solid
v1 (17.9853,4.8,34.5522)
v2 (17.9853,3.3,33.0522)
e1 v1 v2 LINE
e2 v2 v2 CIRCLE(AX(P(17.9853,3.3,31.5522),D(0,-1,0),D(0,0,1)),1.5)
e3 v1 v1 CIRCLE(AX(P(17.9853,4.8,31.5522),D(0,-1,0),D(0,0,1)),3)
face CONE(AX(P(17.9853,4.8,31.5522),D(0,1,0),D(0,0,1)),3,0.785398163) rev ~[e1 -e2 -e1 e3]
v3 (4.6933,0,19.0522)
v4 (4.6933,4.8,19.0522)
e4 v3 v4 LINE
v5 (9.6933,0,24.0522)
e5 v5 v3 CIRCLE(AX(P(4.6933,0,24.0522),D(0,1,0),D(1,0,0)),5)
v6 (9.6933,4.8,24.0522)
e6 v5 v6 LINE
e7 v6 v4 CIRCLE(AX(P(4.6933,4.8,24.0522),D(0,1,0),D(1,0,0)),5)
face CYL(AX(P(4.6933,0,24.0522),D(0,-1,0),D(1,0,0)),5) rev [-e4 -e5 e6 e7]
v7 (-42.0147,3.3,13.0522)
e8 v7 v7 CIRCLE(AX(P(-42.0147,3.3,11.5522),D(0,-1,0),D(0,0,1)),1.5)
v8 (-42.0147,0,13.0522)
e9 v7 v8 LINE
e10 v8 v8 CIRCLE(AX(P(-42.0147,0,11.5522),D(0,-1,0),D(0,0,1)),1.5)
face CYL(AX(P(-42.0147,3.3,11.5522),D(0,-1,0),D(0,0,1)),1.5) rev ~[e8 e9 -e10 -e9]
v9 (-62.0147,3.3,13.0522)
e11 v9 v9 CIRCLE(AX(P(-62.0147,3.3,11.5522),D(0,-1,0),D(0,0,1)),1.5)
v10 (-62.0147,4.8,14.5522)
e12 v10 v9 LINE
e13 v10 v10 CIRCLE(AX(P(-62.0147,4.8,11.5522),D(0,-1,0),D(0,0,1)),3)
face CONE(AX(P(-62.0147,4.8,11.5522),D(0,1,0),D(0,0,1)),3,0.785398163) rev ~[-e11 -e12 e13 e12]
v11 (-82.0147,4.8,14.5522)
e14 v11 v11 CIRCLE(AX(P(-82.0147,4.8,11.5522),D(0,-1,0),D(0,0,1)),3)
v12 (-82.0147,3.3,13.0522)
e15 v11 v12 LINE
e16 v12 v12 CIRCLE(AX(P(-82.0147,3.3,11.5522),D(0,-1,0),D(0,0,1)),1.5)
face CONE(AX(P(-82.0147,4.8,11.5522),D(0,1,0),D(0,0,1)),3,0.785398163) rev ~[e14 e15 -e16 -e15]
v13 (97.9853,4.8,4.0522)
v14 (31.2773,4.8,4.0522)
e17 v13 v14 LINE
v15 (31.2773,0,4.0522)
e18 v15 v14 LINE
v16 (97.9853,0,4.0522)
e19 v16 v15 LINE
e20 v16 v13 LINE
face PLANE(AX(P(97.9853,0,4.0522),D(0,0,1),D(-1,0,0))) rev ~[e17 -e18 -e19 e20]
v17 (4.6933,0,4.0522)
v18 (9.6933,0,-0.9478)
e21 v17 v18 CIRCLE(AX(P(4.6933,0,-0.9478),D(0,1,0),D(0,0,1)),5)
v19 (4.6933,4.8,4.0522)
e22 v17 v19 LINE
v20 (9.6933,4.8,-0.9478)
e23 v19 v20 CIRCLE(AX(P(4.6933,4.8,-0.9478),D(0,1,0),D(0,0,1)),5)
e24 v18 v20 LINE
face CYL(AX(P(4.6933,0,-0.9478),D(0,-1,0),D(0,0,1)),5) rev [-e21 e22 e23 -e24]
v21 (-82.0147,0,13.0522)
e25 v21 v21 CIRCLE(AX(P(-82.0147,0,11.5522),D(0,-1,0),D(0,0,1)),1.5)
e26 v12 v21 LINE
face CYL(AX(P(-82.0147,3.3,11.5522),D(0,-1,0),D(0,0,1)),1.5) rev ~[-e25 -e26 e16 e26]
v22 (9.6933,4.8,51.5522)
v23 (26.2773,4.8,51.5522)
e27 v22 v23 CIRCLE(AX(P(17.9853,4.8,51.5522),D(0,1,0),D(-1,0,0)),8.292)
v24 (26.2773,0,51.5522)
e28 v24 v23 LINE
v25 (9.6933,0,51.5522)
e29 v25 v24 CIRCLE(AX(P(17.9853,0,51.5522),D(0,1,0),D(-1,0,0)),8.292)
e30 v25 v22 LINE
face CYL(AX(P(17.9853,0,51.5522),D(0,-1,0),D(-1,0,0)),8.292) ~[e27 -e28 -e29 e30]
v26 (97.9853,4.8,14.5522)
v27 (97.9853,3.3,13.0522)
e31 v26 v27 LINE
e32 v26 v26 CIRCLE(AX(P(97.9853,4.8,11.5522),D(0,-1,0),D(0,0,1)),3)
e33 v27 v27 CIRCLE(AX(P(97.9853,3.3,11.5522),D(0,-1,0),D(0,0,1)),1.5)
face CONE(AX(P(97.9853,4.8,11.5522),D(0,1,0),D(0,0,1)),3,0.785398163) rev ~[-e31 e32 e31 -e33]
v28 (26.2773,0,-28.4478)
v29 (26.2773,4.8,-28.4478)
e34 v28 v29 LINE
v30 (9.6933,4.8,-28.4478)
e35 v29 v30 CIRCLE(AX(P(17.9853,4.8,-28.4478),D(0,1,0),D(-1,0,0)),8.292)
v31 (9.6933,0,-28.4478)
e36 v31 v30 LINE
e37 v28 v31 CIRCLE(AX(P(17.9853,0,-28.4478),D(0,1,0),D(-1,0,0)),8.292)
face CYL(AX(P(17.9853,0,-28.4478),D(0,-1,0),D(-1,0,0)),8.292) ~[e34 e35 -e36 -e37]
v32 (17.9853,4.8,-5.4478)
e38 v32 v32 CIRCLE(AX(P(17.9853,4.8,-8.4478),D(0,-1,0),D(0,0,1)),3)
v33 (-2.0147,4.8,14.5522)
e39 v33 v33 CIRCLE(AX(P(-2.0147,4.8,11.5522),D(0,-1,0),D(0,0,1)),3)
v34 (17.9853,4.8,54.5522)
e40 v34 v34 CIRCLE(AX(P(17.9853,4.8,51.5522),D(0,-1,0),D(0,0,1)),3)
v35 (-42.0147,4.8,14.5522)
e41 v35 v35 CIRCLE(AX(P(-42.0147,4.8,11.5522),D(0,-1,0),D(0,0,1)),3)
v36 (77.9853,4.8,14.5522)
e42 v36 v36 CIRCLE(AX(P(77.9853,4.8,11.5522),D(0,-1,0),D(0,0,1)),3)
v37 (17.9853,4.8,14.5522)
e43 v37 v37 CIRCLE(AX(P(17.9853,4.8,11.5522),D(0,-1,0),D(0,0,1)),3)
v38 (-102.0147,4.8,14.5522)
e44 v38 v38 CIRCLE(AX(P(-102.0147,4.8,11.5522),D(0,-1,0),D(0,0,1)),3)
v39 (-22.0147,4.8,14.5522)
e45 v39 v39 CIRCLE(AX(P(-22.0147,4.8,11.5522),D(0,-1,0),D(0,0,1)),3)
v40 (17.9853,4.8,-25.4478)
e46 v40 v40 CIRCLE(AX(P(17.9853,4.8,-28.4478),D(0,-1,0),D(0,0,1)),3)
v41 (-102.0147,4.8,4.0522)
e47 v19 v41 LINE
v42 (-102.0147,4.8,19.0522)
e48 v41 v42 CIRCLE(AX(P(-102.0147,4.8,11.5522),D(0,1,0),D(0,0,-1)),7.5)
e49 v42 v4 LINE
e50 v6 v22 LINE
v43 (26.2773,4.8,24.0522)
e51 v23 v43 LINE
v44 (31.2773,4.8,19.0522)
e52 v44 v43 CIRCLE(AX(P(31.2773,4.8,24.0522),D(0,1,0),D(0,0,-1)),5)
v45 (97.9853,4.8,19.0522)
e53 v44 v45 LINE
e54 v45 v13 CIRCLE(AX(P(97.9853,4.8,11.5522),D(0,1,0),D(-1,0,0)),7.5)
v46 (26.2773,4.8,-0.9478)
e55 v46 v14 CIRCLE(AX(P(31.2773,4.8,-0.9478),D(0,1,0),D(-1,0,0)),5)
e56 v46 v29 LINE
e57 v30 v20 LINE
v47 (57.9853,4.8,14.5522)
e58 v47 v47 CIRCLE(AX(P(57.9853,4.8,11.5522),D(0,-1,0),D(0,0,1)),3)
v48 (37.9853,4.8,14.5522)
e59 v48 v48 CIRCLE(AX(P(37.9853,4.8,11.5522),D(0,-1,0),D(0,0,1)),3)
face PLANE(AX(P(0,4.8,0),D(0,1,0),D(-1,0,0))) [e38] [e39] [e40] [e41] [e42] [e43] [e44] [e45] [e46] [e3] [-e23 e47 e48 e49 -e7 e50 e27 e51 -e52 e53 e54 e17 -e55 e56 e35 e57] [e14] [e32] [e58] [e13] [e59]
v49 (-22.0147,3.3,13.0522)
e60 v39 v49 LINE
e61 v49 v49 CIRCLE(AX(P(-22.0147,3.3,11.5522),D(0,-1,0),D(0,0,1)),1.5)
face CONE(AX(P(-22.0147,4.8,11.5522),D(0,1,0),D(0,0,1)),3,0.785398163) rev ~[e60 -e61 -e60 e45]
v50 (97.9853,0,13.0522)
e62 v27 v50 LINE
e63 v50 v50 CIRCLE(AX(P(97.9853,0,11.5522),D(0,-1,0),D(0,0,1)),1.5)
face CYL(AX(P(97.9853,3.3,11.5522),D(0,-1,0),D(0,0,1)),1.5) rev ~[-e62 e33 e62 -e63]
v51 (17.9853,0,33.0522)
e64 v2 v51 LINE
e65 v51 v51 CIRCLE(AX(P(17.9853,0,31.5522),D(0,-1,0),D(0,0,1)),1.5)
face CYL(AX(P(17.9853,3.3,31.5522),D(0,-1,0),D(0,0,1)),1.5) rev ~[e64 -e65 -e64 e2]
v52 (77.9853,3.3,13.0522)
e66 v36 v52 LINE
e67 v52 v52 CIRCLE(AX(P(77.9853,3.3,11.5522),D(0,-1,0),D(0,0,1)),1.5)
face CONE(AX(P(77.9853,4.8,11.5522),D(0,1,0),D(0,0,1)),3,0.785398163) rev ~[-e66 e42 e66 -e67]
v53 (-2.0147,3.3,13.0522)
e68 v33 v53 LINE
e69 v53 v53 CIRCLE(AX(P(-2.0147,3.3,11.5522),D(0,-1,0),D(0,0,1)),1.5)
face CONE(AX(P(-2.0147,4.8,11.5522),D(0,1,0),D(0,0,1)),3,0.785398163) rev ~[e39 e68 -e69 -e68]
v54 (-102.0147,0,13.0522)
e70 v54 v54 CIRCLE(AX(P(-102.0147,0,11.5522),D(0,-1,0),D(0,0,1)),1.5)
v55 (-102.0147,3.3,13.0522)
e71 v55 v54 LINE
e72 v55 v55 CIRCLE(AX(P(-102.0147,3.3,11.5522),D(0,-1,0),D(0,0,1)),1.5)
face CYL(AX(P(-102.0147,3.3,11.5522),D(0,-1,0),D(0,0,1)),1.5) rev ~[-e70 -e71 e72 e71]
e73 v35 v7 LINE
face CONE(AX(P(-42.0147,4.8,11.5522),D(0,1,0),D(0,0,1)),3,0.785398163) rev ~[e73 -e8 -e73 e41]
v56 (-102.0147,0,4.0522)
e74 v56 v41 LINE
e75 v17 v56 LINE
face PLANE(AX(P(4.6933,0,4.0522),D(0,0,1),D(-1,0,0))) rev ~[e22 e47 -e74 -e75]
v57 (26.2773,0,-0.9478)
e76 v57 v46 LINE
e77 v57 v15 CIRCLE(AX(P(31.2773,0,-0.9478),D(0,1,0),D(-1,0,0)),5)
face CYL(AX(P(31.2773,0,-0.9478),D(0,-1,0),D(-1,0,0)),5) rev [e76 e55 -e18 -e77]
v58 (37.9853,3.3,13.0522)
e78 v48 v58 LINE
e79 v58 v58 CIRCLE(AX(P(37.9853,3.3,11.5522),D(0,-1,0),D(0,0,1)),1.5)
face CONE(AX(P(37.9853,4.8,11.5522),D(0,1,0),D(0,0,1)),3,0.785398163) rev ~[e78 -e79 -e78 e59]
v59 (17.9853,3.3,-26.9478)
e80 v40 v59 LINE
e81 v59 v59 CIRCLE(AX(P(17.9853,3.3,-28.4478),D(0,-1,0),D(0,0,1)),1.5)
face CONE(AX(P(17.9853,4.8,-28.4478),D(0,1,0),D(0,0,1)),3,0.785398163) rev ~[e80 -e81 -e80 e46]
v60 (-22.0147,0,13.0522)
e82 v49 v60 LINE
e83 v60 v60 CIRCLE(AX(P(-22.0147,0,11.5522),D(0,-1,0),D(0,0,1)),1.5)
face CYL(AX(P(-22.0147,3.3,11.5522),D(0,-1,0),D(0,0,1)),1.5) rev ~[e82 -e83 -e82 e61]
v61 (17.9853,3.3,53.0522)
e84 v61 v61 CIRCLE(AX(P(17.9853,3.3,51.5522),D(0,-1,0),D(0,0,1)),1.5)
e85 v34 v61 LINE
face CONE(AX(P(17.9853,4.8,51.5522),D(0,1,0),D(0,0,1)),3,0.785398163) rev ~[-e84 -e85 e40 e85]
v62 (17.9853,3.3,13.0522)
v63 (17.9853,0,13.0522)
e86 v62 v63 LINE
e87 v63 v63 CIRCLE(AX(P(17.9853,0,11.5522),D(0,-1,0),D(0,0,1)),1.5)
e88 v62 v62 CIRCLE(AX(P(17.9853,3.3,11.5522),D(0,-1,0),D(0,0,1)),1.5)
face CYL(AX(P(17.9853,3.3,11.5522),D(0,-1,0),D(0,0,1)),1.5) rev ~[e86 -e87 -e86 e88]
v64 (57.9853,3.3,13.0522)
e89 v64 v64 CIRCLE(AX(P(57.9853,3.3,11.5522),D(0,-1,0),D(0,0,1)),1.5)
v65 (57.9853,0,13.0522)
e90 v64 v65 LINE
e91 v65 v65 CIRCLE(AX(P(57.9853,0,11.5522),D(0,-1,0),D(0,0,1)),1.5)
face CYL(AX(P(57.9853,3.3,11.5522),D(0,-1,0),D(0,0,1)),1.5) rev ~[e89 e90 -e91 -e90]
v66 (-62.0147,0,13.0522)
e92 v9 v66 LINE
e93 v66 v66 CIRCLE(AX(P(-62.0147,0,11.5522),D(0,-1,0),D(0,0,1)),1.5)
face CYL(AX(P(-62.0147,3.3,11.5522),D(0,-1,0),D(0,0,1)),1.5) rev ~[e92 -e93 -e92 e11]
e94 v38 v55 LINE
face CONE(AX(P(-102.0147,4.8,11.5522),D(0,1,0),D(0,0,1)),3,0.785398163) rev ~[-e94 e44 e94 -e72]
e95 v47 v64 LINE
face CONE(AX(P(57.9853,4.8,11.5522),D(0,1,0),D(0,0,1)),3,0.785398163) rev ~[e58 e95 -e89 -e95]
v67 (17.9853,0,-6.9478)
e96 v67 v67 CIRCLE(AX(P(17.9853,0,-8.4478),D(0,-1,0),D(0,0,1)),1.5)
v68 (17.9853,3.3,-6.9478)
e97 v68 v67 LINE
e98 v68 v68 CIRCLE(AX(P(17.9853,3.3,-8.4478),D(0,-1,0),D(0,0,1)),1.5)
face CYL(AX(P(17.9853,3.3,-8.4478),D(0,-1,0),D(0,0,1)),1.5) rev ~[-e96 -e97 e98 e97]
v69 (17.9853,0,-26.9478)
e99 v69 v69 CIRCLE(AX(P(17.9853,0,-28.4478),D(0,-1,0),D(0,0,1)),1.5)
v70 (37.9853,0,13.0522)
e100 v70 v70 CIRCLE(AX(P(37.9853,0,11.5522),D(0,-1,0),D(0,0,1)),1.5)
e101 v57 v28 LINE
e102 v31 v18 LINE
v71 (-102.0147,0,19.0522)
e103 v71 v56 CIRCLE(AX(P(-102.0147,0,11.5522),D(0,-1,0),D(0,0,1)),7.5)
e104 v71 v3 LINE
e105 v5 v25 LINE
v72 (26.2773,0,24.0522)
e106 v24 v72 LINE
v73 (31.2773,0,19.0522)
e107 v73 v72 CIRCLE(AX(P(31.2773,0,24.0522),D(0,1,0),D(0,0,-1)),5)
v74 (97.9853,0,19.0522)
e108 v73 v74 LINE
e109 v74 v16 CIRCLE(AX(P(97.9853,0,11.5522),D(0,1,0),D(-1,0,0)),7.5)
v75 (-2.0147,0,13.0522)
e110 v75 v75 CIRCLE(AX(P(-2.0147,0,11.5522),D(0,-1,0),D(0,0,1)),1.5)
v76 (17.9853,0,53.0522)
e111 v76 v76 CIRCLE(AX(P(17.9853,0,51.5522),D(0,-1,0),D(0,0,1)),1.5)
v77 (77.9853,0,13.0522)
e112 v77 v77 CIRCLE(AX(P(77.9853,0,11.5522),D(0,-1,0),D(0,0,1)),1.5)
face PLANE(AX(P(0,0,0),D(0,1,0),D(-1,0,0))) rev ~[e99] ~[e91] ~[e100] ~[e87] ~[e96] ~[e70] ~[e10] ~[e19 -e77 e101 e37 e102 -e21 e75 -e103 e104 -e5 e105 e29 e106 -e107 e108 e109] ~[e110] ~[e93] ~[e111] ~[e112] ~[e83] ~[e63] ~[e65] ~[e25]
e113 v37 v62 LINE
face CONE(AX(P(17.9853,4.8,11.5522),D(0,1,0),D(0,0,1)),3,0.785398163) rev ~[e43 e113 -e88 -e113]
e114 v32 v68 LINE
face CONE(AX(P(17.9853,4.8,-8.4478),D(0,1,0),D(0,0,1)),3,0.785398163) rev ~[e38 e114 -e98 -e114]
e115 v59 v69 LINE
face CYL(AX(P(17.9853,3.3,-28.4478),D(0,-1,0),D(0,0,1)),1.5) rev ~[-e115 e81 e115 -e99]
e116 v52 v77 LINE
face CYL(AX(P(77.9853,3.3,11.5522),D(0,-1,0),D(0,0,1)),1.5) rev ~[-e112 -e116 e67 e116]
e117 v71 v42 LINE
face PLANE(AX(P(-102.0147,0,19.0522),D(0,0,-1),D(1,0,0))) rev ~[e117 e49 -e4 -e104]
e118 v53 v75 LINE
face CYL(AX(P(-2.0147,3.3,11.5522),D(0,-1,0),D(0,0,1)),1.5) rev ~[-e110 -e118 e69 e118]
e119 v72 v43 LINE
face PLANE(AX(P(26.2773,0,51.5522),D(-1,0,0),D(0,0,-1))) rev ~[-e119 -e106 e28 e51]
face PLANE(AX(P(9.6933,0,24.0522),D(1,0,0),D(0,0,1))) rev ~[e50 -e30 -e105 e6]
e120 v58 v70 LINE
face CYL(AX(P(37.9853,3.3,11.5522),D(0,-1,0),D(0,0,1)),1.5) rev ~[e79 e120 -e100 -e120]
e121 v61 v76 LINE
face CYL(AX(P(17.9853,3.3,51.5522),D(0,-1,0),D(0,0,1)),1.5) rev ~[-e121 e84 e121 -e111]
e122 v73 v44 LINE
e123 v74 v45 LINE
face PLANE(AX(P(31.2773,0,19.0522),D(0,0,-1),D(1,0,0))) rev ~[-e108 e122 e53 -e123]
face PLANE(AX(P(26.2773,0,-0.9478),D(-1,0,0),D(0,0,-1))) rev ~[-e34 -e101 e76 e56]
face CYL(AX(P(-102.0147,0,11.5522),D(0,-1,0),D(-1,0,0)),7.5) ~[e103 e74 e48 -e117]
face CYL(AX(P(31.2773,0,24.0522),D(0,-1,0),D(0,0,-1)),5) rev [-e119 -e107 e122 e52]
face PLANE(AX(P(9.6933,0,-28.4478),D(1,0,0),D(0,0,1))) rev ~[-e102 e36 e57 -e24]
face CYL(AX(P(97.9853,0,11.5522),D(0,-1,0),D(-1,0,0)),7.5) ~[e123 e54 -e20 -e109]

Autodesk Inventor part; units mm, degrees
ref_plane "YZ Plane" through (0, 0, 0) normal (1, 0, 0) x (0, 1, 0)
ref_plane "XZ Plane" through (0, 0, 0) normal (0, 1, 0) x (-1, 0, 0)
ref_plane "XY Plane" through (0, 0, 0) normal (0, 0, 1) x (1, 0, 0)
sketch "Sketch1" plane through (0, 0, 0) normal (0, 1, 0) x (-1, 0, 0)
  circle A0 centre (-17.9853, 31.5522) radius 1.6
  circle A1 centre (22.0147, 11.5522) radius 1.6
  circle A2 centre (62.0147, 11.5522) radius 1.6
  circle A3 centre (102.0147, 11.5522) radius 1.6
  circle A4 centre (-17.9853, -8.4478) radius 1.6
  circle A5 centre (2.0147, 11.5522) radius 1.6
  circle A6 centre (-57.9853, 11.5522) radius 1.6
  circle A7 centre (-97.9853, 11.5522) radius 1.6
  circle A8 centre (-77.9853, 11.5522) radius 1.6
  circle A9 centre (-37.9853, 11.5522) radius 1.6
  circle A10 centre (-17.9853, -28.4478) radius 1.6
  circle A11 centre (-17.9853, 11.5522) radius 1.6
  circle A12 centre (-17.9853, 51.5522) radius 1.6
  circle A13 centre (82.0147, 11.5522) radius 1.6
  circle A14 centre (42.0147, 11.5522) radius 1.6
  line L0 (-9.6933, -37.4479) -> (-9.6933, -0.9478)
  arc A15 (-4.6933, 4.0522) -> (-9.6933, -0.9478) centre (-4.6933, -0.9478) ccw
  line L1 (-4.6933, 4.0522) -> (108.2535, 4.0522)
  line L2 (-26.2773, 59.9411) -> (-26.2773, 24.0522)
  arc A16 (-31.2773, 19.0522) -> (-26.2773, 24.0522) centre (-31.2773, 24.0522) ccw
  line L3 (-31.2773, 19.0522) -> (-110.8172, 19.0522)
  line L4 (-110.8172, 4.0522) -> (-31.2773, 4.0522)
  arc A17 (-26.2773, -0.9478) -> (-31.2773, 4.0522) centre (-31.2773, -0.9478) ccw
  line L5 (-26.2773, -0.9478) -> (-26.2773, -36.8367)
  line L6 (108.2535, 19.0522) -> (-4.6933, 19.0522)
  arc A18 (-9.6933, 24.0522) -> (-4.6933, 19.0522) centre (-4.6933, 24.0522) ccw
  line L7 (-9.6933, 24.0522) -> (-9.6933, 60.5523)
  circle A19 centre (-17.9853, 51.5522) radius 8.292
  circle A20 centre (-17.9853, -28.4478) radius 8.292
  circle A21 centre (102.0147, 11.5522) radius 7.5
  circle A22 centre (-97.9853, 11.5522) radius 7.5
  circle A23 centre (102.0147, 11.5522) radius 0.75
  circle A24 centre (82.0147, 11.5522) radius 0.75
  circle A25 centre (62.0147, 11.5522) radius 0.75
  circle A26 centre (42.0147, 11.5522) radius 0.75
  circle A27 centre (22.0147, 11.5522) radius 0.75
  circle A28 centre (2.0147, 11.5522) radius 0.75
  circle A29 centre (-17.9853, 11.5522) radius 0.75
  circle A30 centre (-37.9853, 11.5522) radius 0.75
  circle A31 centre (-57.9853, 11.5522) radius 0.75
  circle A32 centre (-77.9853, 11.5522) radius 0.75
  circle A33 centre (-97.9853, 11.5522) radius 0.75
  circle A34 centre (-17.9853, 51.5522) radius 0.75
  circle A35 centre (-17.9853, 31.5522) radius 0.75
  circle A36 centre (-17.9853, -8.4478) radius 0.75
  circle A37 centre (-17.9853, -28.4478) radius 0.75
  point P0 (0, 0)
  point P1 (-0.7536, 11.5522)
  point P2 (102.0147, 4.0522)
  point P3 (102.0147, 19.0522)
  point P4 (-9.6933, 51.5522)
  point P5 (-26.2773, 51.5522)
  point P6 (-97.9853, 19.0522)
  point P7 (-97.9853, 4.0522)
  point P8 (-26.2773, -28.4478)
  point P9 (-9.6933, -28.4478)
  dimension "d0" = 1.5
  dimension "d3" = 20
  dimension "d8" = 1.5
  dimension "d9" = 1.5
  dimension "d10" = 1.5
  dimension "d11" = 1.5
extrude "Extrusion1" add sketch "Sketch1" along normal blind 4.8 contours A0 | A1 | A2 | A3 | A4 | A5 | A6 | A7 | A8 | A9 | A10 | A11 | A12 | A13 | A14 | A20 L5 A17 L4 A22 L3 A16 L2 A19 L7 A18 L6 A21 L1 A15 L0 | A20 | A21 | A22 | A19
sketch "Sketch3" plane through (0, 4.8, 0) normal (0, 1, 0) x (1, 0, 0)
  line L0 (-102.0147, -19.0522) -> (4.6933, -19.0522) projected
  arc A0 (9.6933, -24.0522) -> (4.6933, -19.0522) centre (4.6933, -24.0522) ccw projected
  line L1 (9.6933, -24.0522) -> (9.6933, -51.5522) projected
  arc A1 (9.6933, -51.5522) -> (26.2773, -51.5522) centre (17.9853, -51.5522) ccw projected
  line L2 (26.2773, -51.5522) -> (26.2773, -24.0522) projected
  arc A2 (31.2773, -19.0522) -> (26.2773, -24.0522) centre (31.2773, -24.0522) ccw projected
  line L3 (31.2773, -19.0522) -> (97.9853, -19.0522) projected
  arc A3 (97.9853, -19.0522) -> (97.9853, -4.0522) centre (97.9853, -11.5522) ccw projected
  line L4 (97.9853, -4.0522) -> (31.2773, -4.0522) projected
  arc A4 (26.2773, 0.9478) -> (31.2773, -4.0522) centre (31.2773, 0.9478) ccw projected
  line L5 (26.2773, 0.9478) -> (26.2773, 28.4478) projected
  arc A5 (26.2773, 28.4478) -> (9.6933, 28.4478) centre (17.9853, 28.4478) ccw projected
  line L6 (9.6933, 28.4478) -> (9.6933, 0.9478) projected
  arc A6 (4.6933, -4.0522) -> (9.6933, 0.9478) centre (4.6933, 0.9478) ccw projected
  line L7 (4.6933, -4.0522) -> (-102.0147, -4.0522) projected
  arc A7 (-102.0147, -4.0522) -> (-102.0147, -19.0522) centre (-102.0147, -11.5522) ccw projected
  circle A8 centre (17.9853, 28.4478) radius 0.75 projected
  circle A9 centre (97.9853, -11.5522) radius 0.75 projected
  circle A10 centre (17.9853, -51.5522) radius 0.75 projected
  circle A11 centre (17.9853, -31.5522) radius 0.75 projected
  circle A12 centre (17.9853, -11.5522) radius 0.75 projected
  circle A13 centre (17.9853, 8.4478) radius 0.75 projected
  circle A14 centre (37.9853, -11.5522) radius 0.75 projected
  circle A15 centre (77.9853, -11.5522) radius 0.75 projected
  circle A16 centre (57.9853, -11.5522) radius 0.75 projected
  circle A17 centre (-42.0147, -11.5522) radius 0.75 projected
  circle A18 centre (-2.0147, -11.5522) radius 0.75 projected
  circle A19 centre (-22.0147, -11.5522) radius 0.75 projected
  circle A20 centre (-82.0147, -11.5522) radius 0.75 projected
  circle A21 centre (-62.0147, -11.5522) radius 0.75 projected
  circle A22 centre (-102.0147, -11.5522) radius 0.75 projected
  point P0 (0, 0)
hole "Hole1" at (-102.0147, 4.8, 11.5522) at (-82.0147, 4.8, 11.5522) at (-62.0147, 4.8, 11.5522) at (-42.0147, 4.8, 11.5522) at (-22.0147, 4.8, 11.5522) at (-2.0147, 4.8, 11.5522) at (17.9853, 4.8, -28.4478) at (17.9853, 4.8, -8.4478) at (17.9853, 4.8, 11.5522) at (17.9853, 4.8, 31.5522) at (37.9853, 4.8, 11.5522) at (17.9853, 4.8, 51.5522) at (57.9853, 4.8, 11.5522) at (77.9853, 4.8, 11.5522) at (97.9853, 4.8, 11.5522) direction (0, -1, 0) diameter 3 end through all countersink diameter 6 countersink angle 90
properties part number "usztywnienie"
